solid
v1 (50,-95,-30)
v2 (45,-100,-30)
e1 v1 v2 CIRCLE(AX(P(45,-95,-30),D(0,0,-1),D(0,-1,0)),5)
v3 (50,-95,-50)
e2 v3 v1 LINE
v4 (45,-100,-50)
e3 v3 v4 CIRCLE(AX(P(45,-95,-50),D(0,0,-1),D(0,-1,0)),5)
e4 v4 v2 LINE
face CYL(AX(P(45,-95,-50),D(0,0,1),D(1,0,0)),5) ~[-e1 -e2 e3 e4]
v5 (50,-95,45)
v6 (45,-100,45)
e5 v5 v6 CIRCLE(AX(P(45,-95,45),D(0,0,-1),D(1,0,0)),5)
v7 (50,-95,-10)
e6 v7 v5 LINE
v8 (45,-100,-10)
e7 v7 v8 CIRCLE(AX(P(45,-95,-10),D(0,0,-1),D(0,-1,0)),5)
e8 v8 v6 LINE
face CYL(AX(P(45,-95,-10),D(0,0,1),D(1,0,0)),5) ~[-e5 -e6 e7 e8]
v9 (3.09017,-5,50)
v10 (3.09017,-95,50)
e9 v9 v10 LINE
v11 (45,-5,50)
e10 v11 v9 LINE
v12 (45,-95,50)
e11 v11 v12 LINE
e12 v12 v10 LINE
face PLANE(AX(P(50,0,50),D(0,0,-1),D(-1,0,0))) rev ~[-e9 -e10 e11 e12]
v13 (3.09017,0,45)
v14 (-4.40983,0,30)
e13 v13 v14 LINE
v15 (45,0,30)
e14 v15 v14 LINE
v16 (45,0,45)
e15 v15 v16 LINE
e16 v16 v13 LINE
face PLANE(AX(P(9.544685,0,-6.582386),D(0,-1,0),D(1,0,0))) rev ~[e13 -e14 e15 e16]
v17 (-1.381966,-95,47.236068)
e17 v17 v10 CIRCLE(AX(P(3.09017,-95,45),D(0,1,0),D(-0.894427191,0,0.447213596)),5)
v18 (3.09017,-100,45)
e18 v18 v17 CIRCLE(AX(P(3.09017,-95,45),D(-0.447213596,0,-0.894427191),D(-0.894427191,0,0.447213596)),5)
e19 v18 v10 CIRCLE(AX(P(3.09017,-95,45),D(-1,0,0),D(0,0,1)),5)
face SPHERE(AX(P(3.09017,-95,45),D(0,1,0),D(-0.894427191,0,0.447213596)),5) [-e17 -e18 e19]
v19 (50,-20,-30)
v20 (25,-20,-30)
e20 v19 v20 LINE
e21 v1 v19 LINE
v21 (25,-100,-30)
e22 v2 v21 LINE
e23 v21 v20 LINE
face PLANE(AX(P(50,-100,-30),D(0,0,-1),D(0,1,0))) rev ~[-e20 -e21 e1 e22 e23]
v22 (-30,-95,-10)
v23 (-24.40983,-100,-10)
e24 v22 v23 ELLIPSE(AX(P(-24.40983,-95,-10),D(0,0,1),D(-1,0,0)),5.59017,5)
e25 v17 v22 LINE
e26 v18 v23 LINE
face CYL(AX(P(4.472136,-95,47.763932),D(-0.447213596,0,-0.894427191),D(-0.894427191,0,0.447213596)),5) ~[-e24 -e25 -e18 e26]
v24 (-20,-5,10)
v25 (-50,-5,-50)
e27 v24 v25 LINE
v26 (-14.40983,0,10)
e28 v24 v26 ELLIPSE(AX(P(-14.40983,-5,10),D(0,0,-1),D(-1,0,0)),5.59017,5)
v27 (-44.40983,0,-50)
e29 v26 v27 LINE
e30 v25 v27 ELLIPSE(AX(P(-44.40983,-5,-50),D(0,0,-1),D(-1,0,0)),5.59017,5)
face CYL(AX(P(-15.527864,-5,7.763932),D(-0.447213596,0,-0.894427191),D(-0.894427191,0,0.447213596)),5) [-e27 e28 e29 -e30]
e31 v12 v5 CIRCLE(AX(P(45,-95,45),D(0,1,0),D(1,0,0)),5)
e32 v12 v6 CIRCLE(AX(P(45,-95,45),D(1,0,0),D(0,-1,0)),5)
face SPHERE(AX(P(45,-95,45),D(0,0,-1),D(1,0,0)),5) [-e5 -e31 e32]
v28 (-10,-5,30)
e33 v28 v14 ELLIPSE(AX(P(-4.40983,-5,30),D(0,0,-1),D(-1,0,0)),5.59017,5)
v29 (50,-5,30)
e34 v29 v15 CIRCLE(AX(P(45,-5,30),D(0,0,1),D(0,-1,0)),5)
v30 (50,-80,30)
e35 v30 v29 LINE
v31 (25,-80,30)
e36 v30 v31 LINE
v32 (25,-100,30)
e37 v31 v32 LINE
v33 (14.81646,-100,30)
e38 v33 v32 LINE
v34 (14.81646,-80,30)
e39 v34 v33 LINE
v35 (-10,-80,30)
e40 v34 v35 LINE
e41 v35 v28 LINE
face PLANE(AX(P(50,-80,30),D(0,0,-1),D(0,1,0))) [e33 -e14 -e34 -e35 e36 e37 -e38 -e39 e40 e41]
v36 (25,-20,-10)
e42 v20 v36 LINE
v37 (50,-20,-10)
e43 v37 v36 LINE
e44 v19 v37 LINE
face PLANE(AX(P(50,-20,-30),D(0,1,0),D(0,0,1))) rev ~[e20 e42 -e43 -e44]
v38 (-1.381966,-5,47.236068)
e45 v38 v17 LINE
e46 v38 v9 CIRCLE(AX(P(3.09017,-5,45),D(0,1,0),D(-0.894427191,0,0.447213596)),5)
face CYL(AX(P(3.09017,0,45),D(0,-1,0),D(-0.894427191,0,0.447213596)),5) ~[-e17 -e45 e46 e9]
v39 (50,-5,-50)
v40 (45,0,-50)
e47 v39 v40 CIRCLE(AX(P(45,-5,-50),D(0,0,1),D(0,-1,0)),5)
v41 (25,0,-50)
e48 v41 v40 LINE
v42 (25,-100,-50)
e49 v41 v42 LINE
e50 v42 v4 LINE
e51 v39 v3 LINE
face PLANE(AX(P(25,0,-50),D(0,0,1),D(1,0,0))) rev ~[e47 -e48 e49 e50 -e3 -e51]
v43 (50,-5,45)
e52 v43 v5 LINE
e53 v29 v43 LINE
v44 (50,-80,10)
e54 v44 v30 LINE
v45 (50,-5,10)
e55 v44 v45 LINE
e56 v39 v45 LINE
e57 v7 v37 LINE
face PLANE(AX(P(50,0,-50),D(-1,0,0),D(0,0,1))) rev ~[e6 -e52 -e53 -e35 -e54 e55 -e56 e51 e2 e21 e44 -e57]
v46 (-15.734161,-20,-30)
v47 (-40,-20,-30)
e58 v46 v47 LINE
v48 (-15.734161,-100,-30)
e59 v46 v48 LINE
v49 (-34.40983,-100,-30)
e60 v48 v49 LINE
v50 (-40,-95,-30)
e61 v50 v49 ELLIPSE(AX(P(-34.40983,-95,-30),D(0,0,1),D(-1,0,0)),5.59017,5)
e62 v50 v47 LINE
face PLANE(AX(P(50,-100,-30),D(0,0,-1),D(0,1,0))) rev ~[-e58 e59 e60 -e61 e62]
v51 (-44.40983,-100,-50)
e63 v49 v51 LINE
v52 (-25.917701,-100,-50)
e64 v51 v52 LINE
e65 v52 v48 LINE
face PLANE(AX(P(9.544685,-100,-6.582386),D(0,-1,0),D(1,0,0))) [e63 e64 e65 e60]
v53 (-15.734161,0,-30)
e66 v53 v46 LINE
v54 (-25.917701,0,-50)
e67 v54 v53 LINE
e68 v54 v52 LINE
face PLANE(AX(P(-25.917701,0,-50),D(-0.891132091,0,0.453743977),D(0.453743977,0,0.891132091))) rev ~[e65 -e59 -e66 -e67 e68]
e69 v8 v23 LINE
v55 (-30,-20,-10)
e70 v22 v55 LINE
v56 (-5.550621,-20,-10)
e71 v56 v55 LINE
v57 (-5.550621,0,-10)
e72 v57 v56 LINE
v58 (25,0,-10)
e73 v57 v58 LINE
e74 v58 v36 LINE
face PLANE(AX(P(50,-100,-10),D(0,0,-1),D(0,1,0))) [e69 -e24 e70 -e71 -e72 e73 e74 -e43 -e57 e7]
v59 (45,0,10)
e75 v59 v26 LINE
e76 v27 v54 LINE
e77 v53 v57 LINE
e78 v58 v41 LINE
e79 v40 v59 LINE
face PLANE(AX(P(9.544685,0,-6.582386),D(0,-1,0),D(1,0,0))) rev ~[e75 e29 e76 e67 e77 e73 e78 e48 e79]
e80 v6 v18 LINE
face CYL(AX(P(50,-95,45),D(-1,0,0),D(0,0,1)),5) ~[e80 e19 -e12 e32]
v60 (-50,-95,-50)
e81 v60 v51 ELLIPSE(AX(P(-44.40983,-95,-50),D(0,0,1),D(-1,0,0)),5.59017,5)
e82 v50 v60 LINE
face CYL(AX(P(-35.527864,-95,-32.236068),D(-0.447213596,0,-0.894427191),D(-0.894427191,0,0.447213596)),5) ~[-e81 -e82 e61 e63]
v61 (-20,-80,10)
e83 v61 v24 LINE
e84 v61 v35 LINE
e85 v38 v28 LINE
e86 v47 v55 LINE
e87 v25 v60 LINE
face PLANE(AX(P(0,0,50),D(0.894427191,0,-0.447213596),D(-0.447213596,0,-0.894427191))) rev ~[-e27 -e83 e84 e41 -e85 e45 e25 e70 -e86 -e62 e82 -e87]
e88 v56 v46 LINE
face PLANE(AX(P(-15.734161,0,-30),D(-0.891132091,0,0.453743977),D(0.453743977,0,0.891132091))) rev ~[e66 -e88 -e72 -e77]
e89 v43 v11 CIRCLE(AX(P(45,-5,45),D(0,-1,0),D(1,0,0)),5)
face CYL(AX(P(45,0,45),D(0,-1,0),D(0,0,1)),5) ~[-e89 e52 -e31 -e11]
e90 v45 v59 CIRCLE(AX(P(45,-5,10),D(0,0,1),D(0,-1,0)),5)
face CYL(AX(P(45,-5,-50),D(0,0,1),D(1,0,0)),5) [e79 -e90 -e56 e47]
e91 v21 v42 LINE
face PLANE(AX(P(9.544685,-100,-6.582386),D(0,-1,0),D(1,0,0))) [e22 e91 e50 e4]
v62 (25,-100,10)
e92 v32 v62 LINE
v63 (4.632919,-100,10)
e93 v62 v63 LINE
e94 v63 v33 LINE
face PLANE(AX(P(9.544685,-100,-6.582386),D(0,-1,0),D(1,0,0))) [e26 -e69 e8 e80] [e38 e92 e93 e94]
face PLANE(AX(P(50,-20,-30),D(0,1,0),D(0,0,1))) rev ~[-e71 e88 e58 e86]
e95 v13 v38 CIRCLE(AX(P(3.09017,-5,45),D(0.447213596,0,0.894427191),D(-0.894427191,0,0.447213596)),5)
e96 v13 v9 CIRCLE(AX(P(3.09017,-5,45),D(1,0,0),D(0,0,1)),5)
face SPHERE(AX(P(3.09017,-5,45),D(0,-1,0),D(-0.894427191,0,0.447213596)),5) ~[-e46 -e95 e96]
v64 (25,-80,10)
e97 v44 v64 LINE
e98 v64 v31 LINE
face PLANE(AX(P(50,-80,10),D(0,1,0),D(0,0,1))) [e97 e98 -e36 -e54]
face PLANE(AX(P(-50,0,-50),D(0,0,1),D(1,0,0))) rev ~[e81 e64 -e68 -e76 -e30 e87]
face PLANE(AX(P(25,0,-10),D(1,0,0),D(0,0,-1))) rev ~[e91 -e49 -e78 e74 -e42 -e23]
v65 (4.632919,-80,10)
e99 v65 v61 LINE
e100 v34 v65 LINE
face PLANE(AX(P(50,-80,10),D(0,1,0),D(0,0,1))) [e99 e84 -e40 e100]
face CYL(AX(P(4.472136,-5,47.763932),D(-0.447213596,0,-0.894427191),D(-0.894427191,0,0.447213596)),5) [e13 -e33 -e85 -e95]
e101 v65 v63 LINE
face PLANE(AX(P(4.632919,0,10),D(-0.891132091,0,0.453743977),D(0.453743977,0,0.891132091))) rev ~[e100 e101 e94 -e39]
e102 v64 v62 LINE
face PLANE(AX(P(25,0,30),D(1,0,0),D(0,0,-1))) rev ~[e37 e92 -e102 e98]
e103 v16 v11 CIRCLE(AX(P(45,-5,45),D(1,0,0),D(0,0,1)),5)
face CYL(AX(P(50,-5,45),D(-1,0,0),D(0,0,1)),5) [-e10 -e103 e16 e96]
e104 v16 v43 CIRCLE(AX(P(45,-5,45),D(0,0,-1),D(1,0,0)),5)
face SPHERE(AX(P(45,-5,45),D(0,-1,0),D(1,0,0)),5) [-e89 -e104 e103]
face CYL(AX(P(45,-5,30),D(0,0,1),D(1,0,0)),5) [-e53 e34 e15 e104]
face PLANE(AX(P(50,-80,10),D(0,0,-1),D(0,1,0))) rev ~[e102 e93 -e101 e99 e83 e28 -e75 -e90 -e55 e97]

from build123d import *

# Parameters (mm, degrees)
F1_DEPTH = 100
F2_W     = 80
F2_H     = 20
F3_DEPTH = 100
F4_W     = 80
F4_H     = 20
F5_DEPTH = 100
F6_R     = 5


with BuildPart() as f1:
    # F0 (on Front) → F1 (new body)
    with BuildSketch(Plane.XZ):
        Polygon((0, 50), (-50, -50), (-25.9177014232, -50), (-15.7341611385, -30), (-5.5506208539, -10), (25, -10), (25, -30), (25, -50), (50, -50), (50, -30), (50, -10), (50, 10), (50, 30), (50, 50), (25, 50), align=None)
        Polygon((14.8164597154, 30), (25, 30), (25, 10), (4.6329194307, 10), align=None, mode=Mode.SUBTRACT)
    extrude(amount=F1_DEPTH)

    # F2 (on face) → F3 (cut)
    with BuildSketch(Plane.YZ.offset(50)):
        with Locations((-60, -20)):
            Rectangle(F2_W, F2_H)
    extrude(amount=-F3_DEPTH, mode=Mode.SUBTRACT)

    # F4 (on face) → F5 (cut)
    with BuildSketch(Plane.YZ.offset(50)):
        with Locations((-40, 20)):
            Rectangle(F4_W, F4_H)
    extrude(amount=-F5_DEPTH, mode=Mode.SUBTRACT)

    # F6
    f6_edges = [f1.edges().sort_by_distance(p)[0] for p in [
        (50, -100, -40),
        (50, -100, 20),
        (50, -50, 50),
        (25, -100, 50),
        (0, -50, 50),
        (-15, -100, 20),
        (-45, -100, -40),
        (50, 0, -20),
        (50, 0, 40),
        (-35, 0, -20),
        (-5, 0, 40),
        (25, 0, 50),
    ]]
    fillet(f6_edges, radius=F6_R)


solid = f1.part
